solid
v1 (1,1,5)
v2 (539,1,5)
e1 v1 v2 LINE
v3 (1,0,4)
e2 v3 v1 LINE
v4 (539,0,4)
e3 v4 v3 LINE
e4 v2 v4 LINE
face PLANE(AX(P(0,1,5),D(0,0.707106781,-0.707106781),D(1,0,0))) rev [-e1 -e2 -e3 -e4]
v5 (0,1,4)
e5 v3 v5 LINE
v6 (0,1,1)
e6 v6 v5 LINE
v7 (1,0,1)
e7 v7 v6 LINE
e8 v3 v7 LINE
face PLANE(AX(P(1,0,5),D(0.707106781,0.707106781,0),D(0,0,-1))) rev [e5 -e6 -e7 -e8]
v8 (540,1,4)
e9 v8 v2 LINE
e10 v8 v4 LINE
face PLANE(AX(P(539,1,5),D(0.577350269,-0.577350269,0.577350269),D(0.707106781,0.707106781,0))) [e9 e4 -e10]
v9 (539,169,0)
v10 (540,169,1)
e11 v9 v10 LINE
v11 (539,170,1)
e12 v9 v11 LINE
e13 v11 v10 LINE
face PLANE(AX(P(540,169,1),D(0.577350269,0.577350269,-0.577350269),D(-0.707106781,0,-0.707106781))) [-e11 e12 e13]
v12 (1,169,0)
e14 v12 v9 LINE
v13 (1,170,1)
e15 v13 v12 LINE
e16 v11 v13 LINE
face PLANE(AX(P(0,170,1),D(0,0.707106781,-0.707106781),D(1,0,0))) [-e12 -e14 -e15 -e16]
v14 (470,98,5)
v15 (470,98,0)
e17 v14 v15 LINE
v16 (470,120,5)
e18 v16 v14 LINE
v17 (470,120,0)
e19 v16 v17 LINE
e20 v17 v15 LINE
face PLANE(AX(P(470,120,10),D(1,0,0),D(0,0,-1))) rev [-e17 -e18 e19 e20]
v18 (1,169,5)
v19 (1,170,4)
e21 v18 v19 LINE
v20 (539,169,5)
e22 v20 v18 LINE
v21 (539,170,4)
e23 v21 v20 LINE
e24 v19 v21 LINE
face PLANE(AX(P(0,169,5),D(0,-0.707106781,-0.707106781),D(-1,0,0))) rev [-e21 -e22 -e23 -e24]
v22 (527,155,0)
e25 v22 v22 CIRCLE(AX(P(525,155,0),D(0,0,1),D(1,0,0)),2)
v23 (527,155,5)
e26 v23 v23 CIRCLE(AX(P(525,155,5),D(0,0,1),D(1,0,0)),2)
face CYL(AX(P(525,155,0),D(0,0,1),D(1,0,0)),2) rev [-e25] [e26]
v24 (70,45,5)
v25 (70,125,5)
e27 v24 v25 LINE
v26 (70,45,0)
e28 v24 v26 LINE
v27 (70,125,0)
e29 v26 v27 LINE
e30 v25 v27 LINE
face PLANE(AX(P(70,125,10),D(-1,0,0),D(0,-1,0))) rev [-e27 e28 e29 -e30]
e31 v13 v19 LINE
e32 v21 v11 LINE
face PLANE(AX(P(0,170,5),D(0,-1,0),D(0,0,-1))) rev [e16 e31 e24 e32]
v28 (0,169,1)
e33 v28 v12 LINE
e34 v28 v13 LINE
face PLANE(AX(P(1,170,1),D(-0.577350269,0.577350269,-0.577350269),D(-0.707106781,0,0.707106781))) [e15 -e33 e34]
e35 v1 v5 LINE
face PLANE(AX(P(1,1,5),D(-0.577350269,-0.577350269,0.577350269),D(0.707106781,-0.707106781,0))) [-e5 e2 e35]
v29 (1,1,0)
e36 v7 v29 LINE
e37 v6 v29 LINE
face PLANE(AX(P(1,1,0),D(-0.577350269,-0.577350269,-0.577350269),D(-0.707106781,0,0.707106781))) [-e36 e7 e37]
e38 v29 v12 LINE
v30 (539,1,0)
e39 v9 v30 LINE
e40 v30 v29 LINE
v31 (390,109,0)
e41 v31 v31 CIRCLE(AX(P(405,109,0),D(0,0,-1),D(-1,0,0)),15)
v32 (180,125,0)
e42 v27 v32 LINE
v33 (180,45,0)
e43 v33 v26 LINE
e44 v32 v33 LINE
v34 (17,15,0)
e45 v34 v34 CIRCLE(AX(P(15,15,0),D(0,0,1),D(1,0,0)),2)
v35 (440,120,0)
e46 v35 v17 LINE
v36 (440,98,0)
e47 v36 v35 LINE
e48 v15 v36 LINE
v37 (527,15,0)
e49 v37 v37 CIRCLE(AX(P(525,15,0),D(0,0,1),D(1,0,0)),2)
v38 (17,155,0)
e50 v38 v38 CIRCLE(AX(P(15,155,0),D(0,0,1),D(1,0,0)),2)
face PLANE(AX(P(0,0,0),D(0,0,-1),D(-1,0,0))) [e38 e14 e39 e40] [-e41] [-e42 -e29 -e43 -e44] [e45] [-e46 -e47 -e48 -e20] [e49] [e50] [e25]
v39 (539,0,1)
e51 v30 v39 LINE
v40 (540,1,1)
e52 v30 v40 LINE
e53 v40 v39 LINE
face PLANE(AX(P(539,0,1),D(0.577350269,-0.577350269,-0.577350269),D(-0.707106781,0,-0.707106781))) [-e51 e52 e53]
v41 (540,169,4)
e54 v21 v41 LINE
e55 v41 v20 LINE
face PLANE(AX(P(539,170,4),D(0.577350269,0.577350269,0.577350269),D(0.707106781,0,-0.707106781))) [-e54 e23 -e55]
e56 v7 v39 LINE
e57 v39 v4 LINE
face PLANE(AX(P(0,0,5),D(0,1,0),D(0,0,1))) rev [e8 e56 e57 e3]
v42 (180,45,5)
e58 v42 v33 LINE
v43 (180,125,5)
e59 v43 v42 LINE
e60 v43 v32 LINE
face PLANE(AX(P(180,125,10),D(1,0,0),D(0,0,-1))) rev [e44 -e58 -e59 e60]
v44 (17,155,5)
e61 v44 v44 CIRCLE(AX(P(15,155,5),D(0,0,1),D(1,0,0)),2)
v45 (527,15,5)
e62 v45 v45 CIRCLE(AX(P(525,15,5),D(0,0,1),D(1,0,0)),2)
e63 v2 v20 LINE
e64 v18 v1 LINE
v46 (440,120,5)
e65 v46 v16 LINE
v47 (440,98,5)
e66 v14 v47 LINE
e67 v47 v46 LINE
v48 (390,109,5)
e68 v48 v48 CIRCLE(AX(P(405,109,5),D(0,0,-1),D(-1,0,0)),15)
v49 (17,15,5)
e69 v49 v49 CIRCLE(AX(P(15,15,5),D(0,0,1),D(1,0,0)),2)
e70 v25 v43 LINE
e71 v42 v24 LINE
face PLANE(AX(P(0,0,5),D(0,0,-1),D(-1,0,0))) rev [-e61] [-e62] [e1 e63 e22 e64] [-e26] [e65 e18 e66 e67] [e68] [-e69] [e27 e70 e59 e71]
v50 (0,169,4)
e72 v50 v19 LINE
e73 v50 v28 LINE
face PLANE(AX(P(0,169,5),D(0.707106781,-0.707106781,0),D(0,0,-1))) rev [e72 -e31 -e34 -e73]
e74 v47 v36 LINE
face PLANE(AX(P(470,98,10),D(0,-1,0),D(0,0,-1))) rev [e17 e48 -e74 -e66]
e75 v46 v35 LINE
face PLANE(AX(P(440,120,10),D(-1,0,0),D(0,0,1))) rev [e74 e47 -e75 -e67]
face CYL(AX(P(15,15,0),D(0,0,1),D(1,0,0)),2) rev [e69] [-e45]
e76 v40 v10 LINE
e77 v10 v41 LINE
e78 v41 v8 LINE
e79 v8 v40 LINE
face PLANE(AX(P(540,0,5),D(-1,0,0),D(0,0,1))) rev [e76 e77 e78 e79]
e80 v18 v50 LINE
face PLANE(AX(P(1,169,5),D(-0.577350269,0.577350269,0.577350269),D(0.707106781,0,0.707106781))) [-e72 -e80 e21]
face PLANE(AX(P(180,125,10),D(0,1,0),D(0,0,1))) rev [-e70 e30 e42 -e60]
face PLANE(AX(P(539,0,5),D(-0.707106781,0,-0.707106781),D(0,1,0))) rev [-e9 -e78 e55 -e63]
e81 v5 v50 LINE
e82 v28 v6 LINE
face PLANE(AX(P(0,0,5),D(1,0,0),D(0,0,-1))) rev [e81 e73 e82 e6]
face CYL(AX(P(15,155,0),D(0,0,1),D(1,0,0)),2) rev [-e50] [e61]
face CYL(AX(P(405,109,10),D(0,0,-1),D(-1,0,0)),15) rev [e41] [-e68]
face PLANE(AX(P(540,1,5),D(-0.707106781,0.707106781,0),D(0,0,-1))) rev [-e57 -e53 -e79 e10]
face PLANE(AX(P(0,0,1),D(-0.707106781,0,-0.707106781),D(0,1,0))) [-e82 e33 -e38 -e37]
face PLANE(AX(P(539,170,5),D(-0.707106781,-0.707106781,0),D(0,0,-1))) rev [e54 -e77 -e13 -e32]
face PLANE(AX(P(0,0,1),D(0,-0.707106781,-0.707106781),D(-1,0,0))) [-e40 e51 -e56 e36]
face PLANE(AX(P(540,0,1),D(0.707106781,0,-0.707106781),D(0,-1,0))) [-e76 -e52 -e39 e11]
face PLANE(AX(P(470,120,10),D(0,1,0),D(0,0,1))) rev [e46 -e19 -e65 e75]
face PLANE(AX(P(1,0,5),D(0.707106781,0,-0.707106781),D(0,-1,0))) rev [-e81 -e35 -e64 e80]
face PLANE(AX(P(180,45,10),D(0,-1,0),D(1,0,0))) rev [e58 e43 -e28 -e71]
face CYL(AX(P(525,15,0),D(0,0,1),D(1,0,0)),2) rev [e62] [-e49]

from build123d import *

# Parameters (mm, degrees)
SKETCH1_W           = 540
SKETCH1_H           = 170
BOSS_EXTRUDE1_DEPTH = 5
CHAMFER1_SIZE       = 1
SKETCH2_R           = 2
CUT_EXTRUDE1_DEPTH  = 5
SKETCH3_R           = 15
SKETCH3_W           = 30
SKETCH3_H           = 22
SKETCH3_W_2         = 110
SKETCH3_H_2         = 80
CUT_EXTRUDE2_DEPTH  = 10


with BuildPart() as part:
    # Sketch1 → Boss-Extrude1 (new body)
    with BuildSketch(Plane.XY):
        with Locations((270, 85)):
            Rectangle(SKETCH1_W, SKETCH1_H)
    extrude(amount=BOSS_EXTRUDE1_DEPTH)

    # Chamfer1
    chamfer1_edges = [part.edges().sort_by_distance(p)[0] for p in [
        (540, 85, 5),
        (270, 170, 5),
        (0, 85, 5),
        (270, 170, 0),
        (540, 85, 0),
        (270, 0, 0),
        (0, 85, 0),
        (0, 170, 2.5),
        (540, 170, 2.5),
        (540, 0, 2.5),
        (0, 0, 2.5),
        (270, 0, 5),
    ]]
    chamfer(chamfer1_edges, length=CHAMFER1_SIZE)

    # Sketch2 → Cut-Extrude1 (cut)
    with BuildSketch(Plane.XY.offset(5)):
        with Locations((525, 155)):
            Circle(SKETCH2_R)
        with Locations((525, 15)):
            Circle(SKETCH2_R)
        with Locations((15, 155)):
            Circle(SKETCH2_R)
        with Locations((15, 15)):
            Circle(SKETCH2_R)
    extrude(amount=-CUT_EXTRUDE1_DEPTH, mode=Mode.SUBTRACT)

    # Sketch3 → Cut-Extrude2 (cut)
    with BuildSketch(Plane(origin=(0, 0, 0), x_dir=(-1, 0, 0), z_dir=(0, 0, -1))):
        with Locations((-405, 109)):
            Circle(SKETCH3_R)
        with Locations((-455, 109)):
            Rectangle(SKETCH3_W, SKETCH3_H)
        with Locations((-125, 85)):
            Rectangle(SKETCH3_W_2, SKETCH3_H_2)
    extrude(amount=-CUT_EXTRUDE2_DEPTH, mode=Mode.SUBTRACT)


solid = part.part
